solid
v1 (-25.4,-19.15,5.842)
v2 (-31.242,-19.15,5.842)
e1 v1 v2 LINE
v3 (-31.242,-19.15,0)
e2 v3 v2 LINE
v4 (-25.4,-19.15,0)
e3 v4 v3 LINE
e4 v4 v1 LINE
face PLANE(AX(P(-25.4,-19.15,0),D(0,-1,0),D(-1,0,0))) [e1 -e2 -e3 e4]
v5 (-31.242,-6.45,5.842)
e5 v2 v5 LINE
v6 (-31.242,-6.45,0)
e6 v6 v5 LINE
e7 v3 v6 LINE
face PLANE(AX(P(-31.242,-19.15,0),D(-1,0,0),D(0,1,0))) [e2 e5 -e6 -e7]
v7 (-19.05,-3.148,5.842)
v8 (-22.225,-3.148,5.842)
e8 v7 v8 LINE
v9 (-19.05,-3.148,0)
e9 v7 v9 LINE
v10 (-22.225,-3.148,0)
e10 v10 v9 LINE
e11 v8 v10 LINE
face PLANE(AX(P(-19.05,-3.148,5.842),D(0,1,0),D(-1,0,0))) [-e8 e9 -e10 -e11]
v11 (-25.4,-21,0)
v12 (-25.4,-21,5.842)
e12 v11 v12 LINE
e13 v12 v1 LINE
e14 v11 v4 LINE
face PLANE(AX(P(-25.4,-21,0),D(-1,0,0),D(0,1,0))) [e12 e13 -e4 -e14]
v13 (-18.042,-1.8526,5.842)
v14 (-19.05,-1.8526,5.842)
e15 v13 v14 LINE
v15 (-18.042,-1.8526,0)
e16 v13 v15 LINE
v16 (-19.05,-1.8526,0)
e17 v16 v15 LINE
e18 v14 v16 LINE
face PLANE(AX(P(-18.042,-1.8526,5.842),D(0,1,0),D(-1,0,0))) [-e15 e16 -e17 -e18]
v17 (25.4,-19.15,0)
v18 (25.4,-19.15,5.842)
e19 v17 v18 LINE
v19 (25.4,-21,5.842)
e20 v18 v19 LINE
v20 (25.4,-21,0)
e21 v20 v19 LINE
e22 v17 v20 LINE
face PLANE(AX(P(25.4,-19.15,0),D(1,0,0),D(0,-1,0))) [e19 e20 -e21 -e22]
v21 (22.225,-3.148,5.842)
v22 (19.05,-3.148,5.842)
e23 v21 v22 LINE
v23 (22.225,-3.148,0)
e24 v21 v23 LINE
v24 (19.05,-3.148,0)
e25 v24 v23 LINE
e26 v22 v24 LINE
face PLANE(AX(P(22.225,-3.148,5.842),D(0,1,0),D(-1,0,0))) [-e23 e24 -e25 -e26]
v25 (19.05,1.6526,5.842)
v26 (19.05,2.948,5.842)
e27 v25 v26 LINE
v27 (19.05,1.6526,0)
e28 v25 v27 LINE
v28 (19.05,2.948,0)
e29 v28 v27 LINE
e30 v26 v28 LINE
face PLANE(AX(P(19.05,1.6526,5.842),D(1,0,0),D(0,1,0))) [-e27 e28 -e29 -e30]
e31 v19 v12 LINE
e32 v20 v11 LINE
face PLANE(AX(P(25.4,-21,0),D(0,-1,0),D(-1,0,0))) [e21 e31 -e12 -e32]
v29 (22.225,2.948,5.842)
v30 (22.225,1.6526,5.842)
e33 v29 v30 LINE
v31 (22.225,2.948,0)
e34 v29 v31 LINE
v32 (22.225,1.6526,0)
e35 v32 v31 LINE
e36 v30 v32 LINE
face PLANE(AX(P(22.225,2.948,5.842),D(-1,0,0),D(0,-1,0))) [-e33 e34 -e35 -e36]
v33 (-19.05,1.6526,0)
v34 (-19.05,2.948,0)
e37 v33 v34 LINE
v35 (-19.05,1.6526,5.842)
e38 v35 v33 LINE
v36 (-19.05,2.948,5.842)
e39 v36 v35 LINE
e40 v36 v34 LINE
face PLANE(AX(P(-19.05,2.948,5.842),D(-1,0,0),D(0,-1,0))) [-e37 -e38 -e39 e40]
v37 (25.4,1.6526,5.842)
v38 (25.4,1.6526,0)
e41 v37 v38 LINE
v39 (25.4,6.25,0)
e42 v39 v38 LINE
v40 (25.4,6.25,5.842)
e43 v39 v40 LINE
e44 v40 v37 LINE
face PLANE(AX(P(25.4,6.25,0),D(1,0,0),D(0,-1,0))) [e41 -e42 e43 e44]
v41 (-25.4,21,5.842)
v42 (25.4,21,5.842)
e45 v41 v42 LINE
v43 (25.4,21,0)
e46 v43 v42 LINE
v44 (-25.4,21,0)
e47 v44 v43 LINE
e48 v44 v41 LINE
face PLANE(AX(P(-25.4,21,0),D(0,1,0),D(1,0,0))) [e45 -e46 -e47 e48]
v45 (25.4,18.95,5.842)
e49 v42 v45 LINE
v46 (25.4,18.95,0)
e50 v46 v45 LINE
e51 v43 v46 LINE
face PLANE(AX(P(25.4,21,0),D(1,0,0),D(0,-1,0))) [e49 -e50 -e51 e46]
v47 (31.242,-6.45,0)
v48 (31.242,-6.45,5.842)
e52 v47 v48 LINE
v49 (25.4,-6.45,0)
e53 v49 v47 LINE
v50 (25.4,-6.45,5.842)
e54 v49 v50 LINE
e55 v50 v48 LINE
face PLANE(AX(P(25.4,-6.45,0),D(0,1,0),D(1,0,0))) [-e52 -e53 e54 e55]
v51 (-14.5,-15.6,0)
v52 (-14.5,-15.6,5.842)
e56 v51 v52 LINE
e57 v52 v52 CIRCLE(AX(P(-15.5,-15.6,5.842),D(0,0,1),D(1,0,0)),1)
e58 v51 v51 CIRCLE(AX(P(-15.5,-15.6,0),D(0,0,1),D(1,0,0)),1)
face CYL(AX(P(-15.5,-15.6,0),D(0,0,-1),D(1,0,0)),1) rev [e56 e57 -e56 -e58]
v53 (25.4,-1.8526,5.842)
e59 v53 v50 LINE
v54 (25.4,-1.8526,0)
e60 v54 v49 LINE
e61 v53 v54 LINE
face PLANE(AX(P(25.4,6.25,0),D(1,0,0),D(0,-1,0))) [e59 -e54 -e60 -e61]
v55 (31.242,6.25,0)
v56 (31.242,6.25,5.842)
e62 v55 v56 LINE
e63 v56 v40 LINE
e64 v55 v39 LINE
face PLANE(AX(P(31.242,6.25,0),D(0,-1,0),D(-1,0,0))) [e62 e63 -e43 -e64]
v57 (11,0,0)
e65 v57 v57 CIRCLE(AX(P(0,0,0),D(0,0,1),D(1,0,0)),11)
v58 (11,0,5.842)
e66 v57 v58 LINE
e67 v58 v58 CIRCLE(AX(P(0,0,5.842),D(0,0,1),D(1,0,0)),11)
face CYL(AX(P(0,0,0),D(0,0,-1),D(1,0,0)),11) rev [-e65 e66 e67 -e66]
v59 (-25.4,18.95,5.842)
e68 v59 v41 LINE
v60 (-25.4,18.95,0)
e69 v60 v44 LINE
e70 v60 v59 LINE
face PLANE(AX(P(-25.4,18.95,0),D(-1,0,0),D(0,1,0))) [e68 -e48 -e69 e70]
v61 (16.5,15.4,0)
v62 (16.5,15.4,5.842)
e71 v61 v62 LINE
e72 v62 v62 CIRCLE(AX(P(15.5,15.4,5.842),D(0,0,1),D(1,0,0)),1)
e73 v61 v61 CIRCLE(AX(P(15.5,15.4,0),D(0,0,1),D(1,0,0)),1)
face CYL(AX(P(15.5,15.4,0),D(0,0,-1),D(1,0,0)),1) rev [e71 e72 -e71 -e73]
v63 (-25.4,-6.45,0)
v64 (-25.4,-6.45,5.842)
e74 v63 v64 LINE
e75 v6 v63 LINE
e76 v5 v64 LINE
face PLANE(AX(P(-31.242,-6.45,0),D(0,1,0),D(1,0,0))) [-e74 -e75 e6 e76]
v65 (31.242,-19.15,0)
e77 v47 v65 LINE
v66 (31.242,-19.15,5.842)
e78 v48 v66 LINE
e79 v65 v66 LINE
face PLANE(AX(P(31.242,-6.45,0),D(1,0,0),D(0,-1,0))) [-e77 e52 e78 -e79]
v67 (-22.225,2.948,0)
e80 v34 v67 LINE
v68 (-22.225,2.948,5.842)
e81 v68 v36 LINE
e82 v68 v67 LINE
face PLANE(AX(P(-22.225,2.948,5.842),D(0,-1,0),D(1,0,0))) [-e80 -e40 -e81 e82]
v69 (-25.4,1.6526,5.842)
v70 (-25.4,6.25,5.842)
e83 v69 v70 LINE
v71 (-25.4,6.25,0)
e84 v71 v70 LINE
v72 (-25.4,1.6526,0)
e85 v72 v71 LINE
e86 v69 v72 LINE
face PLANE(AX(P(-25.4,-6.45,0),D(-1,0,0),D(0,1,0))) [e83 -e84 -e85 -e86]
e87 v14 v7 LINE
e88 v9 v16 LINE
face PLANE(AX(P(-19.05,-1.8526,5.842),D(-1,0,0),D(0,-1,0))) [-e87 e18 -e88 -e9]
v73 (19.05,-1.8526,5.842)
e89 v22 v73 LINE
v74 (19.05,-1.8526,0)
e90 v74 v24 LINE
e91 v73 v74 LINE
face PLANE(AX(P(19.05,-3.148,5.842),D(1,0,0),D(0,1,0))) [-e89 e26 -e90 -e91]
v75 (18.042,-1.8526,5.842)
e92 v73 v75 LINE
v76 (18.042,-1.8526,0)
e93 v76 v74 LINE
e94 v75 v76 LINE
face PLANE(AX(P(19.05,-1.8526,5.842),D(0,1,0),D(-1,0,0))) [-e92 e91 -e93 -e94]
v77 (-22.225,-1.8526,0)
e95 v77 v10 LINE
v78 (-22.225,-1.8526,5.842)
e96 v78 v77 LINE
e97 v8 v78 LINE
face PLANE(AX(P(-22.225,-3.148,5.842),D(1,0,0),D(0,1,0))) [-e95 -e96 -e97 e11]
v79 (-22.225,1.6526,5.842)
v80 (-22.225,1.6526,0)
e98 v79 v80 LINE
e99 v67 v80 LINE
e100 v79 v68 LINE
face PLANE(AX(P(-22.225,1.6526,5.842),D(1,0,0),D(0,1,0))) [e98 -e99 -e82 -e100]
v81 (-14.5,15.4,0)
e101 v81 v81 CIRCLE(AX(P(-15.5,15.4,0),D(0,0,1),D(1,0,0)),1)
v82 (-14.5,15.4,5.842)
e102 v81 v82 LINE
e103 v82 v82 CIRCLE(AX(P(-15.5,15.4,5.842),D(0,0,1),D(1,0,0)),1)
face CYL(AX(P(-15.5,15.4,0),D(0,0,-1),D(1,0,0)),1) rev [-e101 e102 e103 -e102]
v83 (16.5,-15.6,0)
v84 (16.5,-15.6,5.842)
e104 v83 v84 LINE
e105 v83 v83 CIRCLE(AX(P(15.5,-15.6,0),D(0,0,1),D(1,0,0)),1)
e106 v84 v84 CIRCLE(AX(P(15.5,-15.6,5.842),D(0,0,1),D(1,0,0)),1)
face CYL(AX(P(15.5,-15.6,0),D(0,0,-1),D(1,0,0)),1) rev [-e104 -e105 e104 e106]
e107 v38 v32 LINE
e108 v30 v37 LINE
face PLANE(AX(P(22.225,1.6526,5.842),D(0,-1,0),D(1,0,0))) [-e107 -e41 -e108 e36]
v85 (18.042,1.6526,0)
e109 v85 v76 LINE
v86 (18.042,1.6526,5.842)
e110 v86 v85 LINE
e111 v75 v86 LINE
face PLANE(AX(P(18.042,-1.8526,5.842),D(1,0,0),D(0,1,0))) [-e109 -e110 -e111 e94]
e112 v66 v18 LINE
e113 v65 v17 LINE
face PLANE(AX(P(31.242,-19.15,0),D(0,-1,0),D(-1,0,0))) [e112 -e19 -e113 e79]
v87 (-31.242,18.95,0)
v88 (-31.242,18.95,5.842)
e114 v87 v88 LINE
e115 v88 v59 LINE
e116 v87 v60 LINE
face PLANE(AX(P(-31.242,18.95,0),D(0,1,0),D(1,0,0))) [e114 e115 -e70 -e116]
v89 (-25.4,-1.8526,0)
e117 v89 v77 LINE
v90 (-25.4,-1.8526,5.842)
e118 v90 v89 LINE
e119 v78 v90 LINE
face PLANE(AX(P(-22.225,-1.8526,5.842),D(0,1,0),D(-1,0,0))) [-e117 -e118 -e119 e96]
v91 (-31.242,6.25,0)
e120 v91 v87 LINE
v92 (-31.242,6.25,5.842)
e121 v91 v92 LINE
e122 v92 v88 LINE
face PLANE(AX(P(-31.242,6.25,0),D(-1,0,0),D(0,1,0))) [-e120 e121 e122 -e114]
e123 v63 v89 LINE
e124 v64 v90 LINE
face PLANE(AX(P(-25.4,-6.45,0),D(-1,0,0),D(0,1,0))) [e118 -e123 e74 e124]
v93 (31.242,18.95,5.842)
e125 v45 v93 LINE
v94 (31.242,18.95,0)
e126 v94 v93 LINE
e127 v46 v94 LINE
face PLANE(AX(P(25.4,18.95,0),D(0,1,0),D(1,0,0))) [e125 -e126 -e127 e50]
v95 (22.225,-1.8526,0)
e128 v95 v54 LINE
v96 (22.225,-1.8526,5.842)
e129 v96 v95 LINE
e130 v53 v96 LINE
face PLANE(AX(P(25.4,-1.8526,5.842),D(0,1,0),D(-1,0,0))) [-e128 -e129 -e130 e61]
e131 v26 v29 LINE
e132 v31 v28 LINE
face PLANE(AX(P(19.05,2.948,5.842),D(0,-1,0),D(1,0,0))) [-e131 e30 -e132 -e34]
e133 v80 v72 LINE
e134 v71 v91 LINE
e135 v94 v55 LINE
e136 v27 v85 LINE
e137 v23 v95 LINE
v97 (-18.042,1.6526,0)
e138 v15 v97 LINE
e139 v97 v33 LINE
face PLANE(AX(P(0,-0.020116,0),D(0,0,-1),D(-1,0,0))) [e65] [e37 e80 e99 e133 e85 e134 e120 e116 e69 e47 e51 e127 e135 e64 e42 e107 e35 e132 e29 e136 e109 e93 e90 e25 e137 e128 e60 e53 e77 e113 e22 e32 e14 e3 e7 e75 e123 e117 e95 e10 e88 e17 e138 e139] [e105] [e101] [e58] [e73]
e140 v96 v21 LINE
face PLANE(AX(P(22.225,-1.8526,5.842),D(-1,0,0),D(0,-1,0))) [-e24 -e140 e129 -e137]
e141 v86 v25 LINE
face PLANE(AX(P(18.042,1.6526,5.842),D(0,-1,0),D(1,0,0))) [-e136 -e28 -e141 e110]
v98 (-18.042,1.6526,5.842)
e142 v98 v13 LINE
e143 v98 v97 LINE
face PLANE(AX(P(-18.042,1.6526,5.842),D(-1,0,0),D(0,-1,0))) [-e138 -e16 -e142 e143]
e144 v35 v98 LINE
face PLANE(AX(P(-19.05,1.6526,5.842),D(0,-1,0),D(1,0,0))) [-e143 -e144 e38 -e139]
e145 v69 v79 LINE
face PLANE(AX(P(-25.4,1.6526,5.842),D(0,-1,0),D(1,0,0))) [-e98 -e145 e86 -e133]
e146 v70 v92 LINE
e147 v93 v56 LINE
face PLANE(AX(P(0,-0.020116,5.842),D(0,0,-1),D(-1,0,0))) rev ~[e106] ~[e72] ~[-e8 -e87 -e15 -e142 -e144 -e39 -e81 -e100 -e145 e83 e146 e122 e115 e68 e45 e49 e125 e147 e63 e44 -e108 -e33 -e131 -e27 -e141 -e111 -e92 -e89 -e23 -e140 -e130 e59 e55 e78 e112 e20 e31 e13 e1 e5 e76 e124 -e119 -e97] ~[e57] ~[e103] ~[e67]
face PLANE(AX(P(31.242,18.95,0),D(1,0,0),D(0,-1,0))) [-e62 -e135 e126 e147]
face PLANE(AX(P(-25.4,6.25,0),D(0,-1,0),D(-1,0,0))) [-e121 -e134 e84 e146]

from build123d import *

# Parameters (mm, degrees)
SKETCH1_R           = 1
SKETCH1_R_2         = 11
BOSS_EXTRUDE1_DEPTH = 5.842
CUT_EXTRUDE1_DEPTH  = 39.094507846


with BuildPart() as part:
    # Sketch1 → Boss-Extrude1 (new body)
    with BuildSketch(Plane.XY):
        Polygon((25.4, -21), (-25.4, -21), (-25.4, -19.15), (-31.242, -19.15), (-31.242, -6.45), (-25.4, -6.45), (-25.4, 6.25), (-31.242, 6.25), (-31.242, 18.95), (-25.4, 18.95), (-25.4, 21), (25.4, 21), (25.4, 18.95), (31.242, 18.95), (31.242, 6.25), (25.4, 6.25), (25.4, -6.45), (31.242, -6.45), (31.242, -19.15), (25.4, -19.15), align=None)
        with Locations((-15.5, 15.4)):
            Circle(SKETCH1_R, mode=Mode.SUBTRACT)
        with Locations((15.5, 15.4)):
            Circle(SKETCH1_R, mode=Mode.SUBTRACT)
        with Locations((-15.5, -15.6)):
            Circle(SKETCH1_R, mode=Mode.SUBTRACT)
        with Locations((15.5, -15.6)):
            Circle(SKETCH1_R, mode=Mode.SUBTRACT)
        Circle(SKETCH1_R_2, mode=Mode.SUBTRACT)
    extrude(amount=BOSS_EXTRUDE1_DEPTH)

    # Sketch2 → Cut-Extrude1 (cut, through all)
    with BuildSketch(Plane.XY.offset(5.842)):
        Polygon((-22.225, 1.6526), (-22.225, 2.948), (-19.05, 2.948), (-19.05, 1.6526), (-18.041999984, 1.6526), (-18.041999984, -1.8526), (-19.05, -1.8526), (-19.05, -3.148), (-22.225, -3.148), (-22.225, -1.8526), (-25.4, -1.8526), (-25.4, 1.6526), align=None)
        Polygon((18.041999984, 1.6526), (19.05, 1.6526), (19.05, 2.948), (22.225, 2.948), (22.225, 1.6526), (25.4, 1.6526), (25.4, -1.8526), (22.225, -1.8526), (22.225, -3.148), (19.05, -3.148), (19.05, -1.8526), (18.041999984, -1.8526), align=None)
    extrude(amount=-CUT_EXTRUDE1_DEPTH, mode=Mode.SUBTRACT)


solid = part.part
